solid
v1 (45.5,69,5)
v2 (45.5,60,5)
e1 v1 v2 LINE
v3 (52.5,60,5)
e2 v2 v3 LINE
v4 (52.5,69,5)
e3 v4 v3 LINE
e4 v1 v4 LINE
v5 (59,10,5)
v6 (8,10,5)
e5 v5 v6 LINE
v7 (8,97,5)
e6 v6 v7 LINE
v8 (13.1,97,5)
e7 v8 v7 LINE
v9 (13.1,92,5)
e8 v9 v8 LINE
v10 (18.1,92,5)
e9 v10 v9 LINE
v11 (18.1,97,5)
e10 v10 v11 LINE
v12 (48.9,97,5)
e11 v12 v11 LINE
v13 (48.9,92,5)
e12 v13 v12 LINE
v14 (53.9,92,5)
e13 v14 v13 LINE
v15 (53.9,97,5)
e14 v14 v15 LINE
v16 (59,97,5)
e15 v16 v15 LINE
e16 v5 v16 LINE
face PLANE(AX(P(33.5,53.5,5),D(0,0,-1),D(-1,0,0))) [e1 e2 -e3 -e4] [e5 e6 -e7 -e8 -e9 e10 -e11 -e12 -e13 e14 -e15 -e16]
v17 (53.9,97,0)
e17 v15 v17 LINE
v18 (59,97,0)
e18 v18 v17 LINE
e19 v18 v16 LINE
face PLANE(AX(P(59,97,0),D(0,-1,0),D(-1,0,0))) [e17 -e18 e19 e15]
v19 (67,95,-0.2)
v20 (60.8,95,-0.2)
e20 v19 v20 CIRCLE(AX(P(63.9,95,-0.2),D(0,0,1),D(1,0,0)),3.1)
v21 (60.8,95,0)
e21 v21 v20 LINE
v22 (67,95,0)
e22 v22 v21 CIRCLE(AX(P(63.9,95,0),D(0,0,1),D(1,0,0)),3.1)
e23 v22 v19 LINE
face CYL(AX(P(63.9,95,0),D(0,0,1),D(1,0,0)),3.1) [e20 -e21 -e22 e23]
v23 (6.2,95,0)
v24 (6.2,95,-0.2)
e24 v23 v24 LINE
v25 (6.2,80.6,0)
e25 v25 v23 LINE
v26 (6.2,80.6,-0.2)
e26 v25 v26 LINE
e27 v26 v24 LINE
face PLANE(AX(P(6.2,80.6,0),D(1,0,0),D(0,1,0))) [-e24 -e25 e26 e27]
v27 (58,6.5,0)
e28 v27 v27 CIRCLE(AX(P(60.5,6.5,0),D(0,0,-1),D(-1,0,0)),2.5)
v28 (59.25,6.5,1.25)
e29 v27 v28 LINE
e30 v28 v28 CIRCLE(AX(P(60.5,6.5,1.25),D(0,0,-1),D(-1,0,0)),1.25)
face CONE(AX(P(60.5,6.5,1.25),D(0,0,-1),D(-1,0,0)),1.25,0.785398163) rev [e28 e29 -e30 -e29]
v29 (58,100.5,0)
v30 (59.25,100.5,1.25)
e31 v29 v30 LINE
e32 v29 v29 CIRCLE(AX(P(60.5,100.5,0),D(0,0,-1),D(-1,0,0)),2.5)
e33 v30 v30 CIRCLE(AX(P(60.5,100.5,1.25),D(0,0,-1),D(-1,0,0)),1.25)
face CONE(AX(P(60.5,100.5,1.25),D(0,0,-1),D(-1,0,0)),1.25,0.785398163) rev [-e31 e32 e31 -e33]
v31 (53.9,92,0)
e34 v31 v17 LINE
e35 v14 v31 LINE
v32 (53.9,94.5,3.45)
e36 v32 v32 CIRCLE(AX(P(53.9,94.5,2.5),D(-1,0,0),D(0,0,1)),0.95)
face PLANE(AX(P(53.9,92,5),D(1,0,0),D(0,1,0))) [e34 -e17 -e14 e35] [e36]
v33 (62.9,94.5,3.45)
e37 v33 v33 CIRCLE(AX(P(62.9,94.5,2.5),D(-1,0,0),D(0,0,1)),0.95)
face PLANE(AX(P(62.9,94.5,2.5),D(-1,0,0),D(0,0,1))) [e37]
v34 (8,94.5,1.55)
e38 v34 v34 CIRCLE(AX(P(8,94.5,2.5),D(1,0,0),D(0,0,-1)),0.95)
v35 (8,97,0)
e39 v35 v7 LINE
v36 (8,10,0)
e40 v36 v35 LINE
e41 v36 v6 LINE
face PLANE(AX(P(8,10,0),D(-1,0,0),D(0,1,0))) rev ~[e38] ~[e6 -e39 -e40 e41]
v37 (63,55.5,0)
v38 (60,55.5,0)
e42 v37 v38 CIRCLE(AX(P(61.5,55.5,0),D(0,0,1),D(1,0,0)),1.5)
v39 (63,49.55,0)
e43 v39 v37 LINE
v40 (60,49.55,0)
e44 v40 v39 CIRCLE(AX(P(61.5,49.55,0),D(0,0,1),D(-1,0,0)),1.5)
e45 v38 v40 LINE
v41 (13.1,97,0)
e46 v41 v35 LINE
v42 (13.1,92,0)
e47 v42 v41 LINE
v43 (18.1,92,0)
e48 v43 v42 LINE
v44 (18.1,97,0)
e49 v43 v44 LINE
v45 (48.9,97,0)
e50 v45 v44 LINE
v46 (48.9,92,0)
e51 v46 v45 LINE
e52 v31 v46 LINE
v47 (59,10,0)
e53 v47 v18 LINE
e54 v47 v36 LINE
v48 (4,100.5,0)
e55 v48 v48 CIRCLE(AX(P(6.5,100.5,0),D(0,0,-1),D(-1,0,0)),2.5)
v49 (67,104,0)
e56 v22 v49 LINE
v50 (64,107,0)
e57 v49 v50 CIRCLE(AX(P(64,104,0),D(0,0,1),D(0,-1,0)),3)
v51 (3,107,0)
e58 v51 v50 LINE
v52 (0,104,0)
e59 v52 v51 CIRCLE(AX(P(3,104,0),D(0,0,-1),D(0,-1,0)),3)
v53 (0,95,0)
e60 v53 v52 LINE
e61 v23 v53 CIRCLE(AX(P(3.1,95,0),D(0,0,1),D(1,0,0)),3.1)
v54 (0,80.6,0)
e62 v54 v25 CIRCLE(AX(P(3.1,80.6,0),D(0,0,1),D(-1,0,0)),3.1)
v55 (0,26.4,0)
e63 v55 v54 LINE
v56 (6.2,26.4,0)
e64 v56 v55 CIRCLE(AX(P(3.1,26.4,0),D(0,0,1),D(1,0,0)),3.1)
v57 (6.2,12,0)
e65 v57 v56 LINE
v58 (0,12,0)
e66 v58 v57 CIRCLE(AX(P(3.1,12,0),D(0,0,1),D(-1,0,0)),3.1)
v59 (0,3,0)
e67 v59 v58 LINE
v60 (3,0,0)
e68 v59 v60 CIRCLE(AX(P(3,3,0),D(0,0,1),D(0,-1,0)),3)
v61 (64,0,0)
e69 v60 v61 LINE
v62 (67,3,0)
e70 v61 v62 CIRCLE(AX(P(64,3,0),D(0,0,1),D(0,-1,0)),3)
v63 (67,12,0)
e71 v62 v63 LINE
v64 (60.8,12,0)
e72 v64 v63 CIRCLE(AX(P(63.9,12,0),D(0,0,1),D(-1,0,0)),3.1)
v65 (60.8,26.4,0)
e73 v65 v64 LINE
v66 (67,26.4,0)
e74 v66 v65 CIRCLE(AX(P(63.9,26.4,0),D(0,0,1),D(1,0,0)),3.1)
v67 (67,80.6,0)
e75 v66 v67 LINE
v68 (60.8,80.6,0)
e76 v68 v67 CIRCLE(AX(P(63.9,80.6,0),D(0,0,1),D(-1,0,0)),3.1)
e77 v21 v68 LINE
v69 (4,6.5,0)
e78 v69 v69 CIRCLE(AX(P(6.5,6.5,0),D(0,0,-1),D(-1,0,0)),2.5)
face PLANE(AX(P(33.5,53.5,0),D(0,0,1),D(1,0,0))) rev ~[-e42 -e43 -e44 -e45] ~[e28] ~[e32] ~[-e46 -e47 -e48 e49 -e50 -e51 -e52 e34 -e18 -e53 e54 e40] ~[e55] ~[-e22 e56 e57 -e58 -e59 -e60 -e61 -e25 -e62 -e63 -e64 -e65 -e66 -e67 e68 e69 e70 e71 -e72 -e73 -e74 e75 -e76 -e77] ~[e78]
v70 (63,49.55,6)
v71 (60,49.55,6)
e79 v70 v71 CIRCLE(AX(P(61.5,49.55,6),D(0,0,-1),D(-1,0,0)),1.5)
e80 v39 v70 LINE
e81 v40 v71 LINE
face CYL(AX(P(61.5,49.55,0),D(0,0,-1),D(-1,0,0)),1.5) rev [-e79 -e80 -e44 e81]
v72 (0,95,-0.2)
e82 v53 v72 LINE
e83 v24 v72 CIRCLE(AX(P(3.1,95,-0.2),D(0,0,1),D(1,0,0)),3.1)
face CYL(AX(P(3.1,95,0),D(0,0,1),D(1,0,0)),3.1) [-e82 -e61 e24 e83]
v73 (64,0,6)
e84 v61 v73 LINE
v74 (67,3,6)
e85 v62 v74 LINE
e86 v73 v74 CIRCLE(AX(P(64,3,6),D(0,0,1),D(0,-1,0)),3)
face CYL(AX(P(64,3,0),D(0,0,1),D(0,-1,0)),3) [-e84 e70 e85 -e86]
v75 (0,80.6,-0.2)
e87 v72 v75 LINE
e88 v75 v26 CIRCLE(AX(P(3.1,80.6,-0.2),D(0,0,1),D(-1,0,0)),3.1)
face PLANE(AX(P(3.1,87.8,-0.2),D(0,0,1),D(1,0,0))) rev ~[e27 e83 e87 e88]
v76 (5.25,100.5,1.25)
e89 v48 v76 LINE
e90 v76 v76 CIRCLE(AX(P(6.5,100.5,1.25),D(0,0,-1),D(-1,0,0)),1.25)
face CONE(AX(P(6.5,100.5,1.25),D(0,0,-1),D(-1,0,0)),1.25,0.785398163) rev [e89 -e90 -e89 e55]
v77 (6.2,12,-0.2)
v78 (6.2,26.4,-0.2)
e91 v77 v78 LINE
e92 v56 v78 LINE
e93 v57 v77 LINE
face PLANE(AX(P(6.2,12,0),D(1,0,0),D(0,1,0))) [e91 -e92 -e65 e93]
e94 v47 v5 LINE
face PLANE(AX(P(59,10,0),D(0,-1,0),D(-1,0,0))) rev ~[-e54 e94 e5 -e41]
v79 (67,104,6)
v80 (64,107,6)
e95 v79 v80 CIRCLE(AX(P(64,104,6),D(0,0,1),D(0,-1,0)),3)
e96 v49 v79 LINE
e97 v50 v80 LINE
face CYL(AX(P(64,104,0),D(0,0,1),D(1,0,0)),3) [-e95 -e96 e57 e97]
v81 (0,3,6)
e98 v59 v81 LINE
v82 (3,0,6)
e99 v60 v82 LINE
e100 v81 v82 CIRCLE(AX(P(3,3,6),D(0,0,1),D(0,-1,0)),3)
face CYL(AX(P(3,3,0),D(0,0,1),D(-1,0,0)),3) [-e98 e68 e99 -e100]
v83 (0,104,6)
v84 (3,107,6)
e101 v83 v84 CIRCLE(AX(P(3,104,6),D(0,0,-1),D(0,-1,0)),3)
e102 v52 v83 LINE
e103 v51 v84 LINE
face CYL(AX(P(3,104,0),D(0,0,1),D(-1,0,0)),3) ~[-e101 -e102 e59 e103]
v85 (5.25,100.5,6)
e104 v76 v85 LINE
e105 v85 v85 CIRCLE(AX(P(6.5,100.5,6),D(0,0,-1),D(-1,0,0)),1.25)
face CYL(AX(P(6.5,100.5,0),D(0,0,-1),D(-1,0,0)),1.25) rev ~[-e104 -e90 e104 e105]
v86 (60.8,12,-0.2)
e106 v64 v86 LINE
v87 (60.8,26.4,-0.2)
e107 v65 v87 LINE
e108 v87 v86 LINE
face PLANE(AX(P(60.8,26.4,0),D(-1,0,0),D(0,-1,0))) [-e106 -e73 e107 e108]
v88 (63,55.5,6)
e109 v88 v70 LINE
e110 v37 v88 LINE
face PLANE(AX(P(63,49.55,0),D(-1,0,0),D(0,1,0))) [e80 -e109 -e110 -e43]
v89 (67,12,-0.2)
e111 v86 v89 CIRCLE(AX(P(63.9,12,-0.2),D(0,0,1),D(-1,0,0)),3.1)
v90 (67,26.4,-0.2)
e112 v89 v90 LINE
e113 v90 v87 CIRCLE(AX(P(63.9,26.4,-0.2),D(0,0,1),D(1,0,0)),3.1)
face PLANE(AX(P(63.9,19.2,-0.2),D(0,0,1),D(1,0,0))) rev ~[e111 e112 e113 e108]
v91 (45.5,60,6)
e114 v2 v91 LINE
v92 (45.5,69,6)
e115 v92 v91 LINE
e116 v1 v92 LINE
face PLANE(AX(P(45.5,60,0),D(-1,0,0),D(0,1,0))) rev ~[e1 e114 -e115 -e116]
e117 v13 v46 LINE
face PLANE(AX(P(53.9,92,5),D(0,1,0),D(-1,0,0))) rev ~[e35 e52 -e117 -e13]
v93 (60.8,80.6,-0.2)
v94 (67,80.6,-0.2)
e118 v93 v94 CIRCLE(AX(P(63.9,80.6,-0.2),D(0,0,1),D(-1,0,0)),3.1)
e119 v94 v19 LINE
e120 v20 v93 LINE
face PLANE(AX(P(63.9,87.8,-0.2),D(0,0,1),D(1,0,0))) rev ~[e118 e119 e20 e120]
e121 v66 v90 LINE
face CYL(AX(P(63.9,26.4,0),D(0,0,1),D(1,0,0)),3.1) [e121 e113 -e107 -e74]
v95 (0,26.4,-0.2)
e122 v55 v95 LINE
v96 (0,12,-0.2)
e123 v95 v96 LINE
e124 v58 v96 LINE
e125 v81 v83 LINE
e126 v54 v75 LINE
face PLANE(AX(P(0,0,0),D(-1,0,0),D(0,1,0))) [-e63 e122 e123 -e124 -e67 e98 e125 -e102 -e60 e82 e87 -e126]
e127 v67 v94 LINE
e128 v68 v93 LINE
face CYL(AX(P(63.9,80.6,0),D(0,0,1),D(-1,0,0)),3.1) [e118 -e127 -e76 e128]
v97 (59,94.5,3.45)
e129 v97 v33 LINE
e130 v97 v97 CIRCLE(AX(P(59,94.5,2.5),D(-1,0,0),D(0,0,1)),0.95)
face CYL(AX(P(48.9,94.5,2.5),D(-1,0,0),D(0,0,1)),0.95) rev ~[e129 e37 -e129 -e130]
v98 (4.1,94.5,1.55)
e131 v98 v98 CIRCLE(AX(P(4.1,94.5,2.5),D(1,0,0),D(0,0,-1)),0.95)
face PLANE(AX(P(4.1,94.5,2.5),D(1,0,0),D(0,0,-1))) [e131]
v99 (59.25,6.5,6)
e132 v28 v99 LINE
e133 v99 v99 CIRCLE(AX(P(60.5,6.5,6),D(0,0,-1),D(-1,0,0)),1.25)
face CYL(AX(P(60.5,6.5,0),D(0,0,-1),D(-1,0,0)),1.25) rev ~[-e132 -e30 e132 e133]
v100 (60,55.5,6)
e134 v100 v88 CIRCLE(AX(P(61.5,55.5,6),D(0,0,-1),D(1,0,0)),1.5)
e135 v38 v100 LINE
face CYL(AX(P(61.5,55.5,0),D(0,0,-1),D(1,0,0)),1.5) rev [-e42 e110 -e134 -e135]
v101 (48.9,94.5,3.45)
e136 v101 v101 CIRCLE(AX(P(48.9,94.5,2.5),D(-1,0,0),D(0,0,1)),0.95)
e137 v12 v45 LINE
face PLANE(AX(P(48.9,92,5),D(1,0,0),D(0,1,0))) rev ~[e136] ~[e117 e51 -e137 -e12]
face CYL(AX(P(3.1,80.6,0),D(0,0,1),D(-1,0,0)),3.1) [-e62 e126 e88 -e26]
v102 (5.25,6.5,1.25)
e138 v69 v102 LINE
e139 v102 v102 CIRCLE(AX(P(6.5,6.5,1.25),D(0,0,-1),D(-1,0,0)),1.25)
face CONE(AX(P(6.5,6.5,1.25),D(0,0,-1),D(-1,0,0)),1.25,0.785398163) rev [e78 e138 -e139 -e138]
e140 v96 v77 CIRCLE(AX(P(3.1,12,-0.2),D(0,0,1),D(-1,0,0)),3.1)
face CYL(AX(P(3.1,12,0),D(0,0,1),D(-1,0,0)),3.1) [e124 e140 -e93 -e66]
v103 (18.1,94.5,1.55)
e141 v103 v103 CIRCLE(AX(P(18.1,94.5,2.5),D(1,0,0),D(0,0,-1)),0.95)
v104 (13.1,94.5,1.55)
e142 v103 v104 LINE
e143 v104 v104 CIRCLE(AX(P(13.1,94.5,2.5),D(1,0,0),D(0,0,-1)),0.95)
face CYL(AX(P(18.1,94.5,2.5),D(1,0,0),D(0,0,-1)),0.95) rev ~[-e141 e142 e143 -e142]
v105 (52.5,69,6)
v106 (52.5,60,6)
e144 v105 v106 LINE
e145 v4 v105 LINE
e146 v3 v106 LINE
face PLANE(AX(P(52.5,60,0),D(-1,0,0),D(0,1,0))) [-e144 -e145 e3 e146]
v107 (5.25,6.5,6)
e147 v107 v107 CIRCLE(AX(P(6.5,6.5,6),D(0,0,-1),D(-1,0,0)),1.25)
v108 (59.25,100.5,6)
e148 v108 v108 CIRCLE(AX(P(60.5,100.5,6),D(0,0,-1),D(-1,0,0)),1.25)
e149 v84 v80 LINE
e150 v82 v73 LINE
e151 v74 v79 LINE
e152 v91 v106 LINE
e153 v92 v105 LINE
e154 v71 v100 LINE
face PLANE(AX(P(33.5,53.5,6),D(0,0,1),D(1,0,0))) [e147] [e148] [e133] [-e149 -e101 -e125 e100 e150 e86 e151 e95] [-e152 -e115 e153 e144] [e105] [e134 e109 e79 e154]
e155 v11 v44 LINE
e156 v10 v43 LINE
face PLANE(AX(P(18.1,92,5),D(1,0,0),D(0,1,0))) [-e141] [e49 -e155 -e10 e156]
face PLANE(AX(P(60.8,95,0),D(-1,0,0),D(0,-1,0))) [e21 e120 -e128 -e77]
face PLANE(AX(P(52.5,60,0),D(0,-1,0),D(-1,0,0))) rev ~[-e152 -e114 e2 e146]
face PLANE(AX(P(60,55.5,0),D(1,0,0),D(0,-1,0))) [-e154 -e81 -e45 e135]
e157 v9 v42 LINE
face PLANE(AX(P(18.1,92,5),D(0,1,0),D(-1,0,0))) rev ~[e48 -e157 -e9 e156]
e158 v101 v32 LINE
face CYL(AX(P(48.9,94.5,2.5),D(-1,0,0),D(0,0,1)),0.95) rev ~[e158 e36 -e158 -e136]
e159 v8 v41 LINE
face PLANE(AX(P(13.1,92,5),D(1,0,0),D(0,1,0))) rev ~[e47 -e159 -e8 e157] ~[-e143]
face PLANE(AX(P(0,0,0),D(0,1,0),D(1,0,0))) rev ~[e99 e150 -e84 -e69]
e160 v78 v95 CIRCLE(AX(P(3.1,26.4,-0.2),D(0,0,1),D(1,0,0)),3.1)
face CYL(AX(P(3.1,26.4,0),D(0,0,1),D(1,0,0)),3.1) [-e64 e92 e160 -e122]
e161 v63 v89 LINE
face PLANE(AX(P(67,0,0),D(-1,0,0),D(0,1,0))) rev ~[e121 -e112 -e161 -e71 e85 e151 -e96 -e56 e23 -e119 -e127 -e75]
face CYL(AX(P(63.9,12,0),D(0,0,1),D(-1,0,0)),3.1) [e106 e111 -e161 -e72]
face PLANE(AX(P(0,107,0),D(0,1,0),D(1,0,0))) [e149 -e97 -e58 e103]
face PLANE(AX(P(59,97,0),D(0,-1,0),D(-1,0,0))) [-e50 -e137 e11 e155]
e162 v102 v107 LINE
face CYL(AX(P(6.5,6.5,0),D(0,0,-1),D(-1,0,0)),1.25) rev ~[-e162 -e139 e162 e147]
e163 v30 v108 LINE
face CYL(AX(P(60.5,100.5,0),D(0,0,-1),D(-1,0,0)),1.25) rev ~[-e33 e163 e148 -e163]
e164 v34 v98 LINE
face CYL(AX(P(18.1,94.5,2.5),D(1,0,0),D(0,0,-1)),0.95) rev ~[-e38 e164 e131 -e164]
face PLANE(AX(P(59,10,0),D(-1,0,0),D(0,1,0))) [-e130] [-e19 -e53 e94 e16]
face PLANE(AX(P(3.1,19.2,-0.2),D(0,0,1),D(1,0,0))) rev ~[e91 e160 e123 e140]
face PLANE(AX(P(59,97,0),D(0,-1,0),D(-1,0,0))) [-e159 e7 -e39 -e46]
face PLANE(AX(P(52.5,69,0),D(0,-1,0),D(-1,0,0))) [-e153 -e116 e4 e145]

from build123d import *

# Parameters (mm, degrees)
SKICA1_W                 = 67
SKICA1_H                 = 107
P_IDAT_VYSUNUT_M1_DEPTH  = 6
ZAOBLIT1_R               = 3
SKICA2_R                 = 1.25
ODEBRAT_VYSUNUT_M1_DEPTH = 7
ZKOSEN_1_SIZE            = 1.25
SKICA4_W                 = 7
SKICA4_H                 = 9
ODEBRAT_VYSUNUT_M2_DEPTH = 7
SKICA7_W                 = 51
SKICA7_H                 = 87
ODEBRAT_VYSUNUT_M3_DEPTH = 5
SKICA8_W                 = 5
SKICA8_H                 = 5
P_IDAT_VYSUNUT_M2_DEPTH  = 5
SKICA9_R                 = 0.95
ODEBRAT_VYSUNUT_M4_DEPTH = 14
SKICA10_R                = 0.95
ODEBRAT_VYSUNUT_M5_DEPTH = 14
P_IDAT_VYSUNUT_M3_DEPTH  = 0.2


with BuildPart() as part:
    # Skica1 → Přidat vysunutím1 (new body)
    with BuildSketch(Plane.XY):
        with Locations((33.5, 53.5)):
            Rectangle(SKICA1_W, SKICA1_H)
    extrude(amount=P_IDAT_VYSUNUT_M1_DEPTH)

    # Zaoblit1
    zaoblit1_edges = [part.edges().sort_by_distance(p)[0] for p in [
        (0, 107, 3),
        (67, 107, 3),
        (67, 0, 3),
        (0, 0, 3),
    ]]
    fillet(zaoblit1_edges, radius=ZAOBLIT1_R)

    # Skica2 → Odebrat vysunutím1 (cut, through all)
    with BuildSketch(Plane(origin=(0, 0, 0), x_dir=(-1, 0, 0), z_dir=(0, 0, -1))):
        with Locations((-6.5, 100.5)):
            Circle(SKICA2_R)
        with Locations((-60.5, 100.5)):
            Circle(SKICA2_R)
        with Locations((-6.5, 6.5)):
            Circle(SKICA2_R)
        with Locations((-60.5, 6.5)):
            Circle(SKICA2_R)
    extrude(amount=-ODEBRAT_VYSUNUT_M1_DEPTH, mode=Mode.SUBTRACT)

    # Zkosení1
    zkosen_1_edges = [part.edges().sort_by_distance(p)[0] for p in [
        (61.75, 100.5, 0),
        (7.75, 6.5, 0),
        (61.75, 6.5, 0),
        (7.75, 100.5, 0),
    ]]
    chamfer(zkosen_1_edges, length=ZKOSEN_1_SIZE)

    # Skica4 → Odebrat vysunutím2 (cut, through all)
    with BuildSketch(Plane(origin=(0, 0, 0), x_dir=(-1, 0, 0), z_dir=(0, 0, -1))):
        with Locations((-49, 64.5)):
            Rectangle(SKICA4_W, SKICA4_H)
        with BuildLine():
            Line((-60, 55.5), (-60, 49.55))
            ThreePointArc((-60, 49.55), (-61.5, 48.05), (-63, 49.55))
            Line((-63, 49.55), (-63, 55.5))
            ThreePointArc((-63, 55.5), (-61.5, 57), (-60, 55.5))
        make_face()
    extrude(amount=-ODEBRAT_VYSUNUT_M2_DEPTH, mode=Mode.SUBTRACT)

    # Skica7 → Odebrat vysunutím3 (cut)
    with BuildSketch(Plane(origin=(0, 0, 0), x_dir=(-1, 0, 0), z_dir=(0, 0, -1))):
        with Locations((-33.5, 53.5)):
            Rectangle(SKICA7_W, SKICA7_H)
    extrude(amount=-ODEBRAT_VYSUNUT_M3_DEPTH, mode=Mode.SUBTRACT)

    # Skica8 → Přidat vysunutím2 (add)
    with BuildSketch(Plane(origin=(0, 0, 5), x_dir=(-1, 0, 0), z_dir=(0, 0, -1))):
        with Locations((-51.4, 94.5)):
            Rectangle(SKICA8_W, SKICA8_H)
        with Locations((-15.6, 94.5)):
            Rectangle(SKICA8_W, SKICA8_H)
    extrude(amount=P_IDAT_VYSUNUT_M2_DEPTH)

    # Skica9 → Odebrat vysunutím4 (cut)
    with BuildSketch(Plane.ZY.offset(-48.9)):
        with Locations((2.5, 94.5)):
            Circle(SKICA9_R)
    extrude(amount=-ODEBRAT_VYSUNUT_M4_DEPTH, mode=Mode.SUBTRACT)

    # Skica10 → Odebrat vysunutím5 (cut)
    with BuildSketch(Plane(origin=(18.1, 0, 0), x_dir=(0, 0, -1), z_dir=(1, 0, 0))):
        with Locations((-2.5, 94.5)):
            Circle(SKICA10_R)
    extrude(amount=-ODEBRAT_VYSUNUT_M5_DEPTH, mode=Mode.SUBTRACT)

    # Skica11 → Přidat vysunutím3 (add)
    with BuildSketch(Plane(origin=(0, 0, 0), x_dir=(-1, 0, 0), z_dir=(0, 0, -1))):
        with BuildLine():
            Line((0, 95), (0, 80.6))
            ThreePointArc((0, 80.6), (-3.1, 77.5), (-6.2, 80.6))
            Line((-6.2, 80.6), (-6.2, 95))
            ThreePointArc((-6.2, 95), (-3.1, 98.1), (0, 95))
        make_face()
        with BuildLine():
            Line((0, 26.4), (0, 12))
            ThreePointArc((0, 12), (-3.1, 8.9), (-6.2, 12))
            Line((-6.2, 12), (-6.2, 26.4))
            ThreePointArc((-6.2, 26.4), (-3.1, 29.5), (0, 26.4))
        make_face()
        with BuildLine():
            Line((-60.8, 95), (-60.8, 80.6))
            ThreePointArc((-60.8, 80.6), (-63.9, 77.5), (-67, 80.6))
            Line((-67, 80.6), (-67, 95))
            ThreePointArc((-67, 95), (-63.9, 98.1), (-60.8, 95))
        make_face()
        with BuildLine():
            Line((-60.8, 26.4), (-60.8, 12))
            ThreePointArc((-60.8, 12), (-63.9, 8.9), (-67, 12))
            Line((-67, 12), (-67, 26.4))
            ThreePointArc((-67, 26.4), (-63.9, 29.5), (-60.8, 26.4))
        make_face()
    extrude(amount=P_IDAT_VYSUNUT_M3_DEPTH)


solid = part.part
